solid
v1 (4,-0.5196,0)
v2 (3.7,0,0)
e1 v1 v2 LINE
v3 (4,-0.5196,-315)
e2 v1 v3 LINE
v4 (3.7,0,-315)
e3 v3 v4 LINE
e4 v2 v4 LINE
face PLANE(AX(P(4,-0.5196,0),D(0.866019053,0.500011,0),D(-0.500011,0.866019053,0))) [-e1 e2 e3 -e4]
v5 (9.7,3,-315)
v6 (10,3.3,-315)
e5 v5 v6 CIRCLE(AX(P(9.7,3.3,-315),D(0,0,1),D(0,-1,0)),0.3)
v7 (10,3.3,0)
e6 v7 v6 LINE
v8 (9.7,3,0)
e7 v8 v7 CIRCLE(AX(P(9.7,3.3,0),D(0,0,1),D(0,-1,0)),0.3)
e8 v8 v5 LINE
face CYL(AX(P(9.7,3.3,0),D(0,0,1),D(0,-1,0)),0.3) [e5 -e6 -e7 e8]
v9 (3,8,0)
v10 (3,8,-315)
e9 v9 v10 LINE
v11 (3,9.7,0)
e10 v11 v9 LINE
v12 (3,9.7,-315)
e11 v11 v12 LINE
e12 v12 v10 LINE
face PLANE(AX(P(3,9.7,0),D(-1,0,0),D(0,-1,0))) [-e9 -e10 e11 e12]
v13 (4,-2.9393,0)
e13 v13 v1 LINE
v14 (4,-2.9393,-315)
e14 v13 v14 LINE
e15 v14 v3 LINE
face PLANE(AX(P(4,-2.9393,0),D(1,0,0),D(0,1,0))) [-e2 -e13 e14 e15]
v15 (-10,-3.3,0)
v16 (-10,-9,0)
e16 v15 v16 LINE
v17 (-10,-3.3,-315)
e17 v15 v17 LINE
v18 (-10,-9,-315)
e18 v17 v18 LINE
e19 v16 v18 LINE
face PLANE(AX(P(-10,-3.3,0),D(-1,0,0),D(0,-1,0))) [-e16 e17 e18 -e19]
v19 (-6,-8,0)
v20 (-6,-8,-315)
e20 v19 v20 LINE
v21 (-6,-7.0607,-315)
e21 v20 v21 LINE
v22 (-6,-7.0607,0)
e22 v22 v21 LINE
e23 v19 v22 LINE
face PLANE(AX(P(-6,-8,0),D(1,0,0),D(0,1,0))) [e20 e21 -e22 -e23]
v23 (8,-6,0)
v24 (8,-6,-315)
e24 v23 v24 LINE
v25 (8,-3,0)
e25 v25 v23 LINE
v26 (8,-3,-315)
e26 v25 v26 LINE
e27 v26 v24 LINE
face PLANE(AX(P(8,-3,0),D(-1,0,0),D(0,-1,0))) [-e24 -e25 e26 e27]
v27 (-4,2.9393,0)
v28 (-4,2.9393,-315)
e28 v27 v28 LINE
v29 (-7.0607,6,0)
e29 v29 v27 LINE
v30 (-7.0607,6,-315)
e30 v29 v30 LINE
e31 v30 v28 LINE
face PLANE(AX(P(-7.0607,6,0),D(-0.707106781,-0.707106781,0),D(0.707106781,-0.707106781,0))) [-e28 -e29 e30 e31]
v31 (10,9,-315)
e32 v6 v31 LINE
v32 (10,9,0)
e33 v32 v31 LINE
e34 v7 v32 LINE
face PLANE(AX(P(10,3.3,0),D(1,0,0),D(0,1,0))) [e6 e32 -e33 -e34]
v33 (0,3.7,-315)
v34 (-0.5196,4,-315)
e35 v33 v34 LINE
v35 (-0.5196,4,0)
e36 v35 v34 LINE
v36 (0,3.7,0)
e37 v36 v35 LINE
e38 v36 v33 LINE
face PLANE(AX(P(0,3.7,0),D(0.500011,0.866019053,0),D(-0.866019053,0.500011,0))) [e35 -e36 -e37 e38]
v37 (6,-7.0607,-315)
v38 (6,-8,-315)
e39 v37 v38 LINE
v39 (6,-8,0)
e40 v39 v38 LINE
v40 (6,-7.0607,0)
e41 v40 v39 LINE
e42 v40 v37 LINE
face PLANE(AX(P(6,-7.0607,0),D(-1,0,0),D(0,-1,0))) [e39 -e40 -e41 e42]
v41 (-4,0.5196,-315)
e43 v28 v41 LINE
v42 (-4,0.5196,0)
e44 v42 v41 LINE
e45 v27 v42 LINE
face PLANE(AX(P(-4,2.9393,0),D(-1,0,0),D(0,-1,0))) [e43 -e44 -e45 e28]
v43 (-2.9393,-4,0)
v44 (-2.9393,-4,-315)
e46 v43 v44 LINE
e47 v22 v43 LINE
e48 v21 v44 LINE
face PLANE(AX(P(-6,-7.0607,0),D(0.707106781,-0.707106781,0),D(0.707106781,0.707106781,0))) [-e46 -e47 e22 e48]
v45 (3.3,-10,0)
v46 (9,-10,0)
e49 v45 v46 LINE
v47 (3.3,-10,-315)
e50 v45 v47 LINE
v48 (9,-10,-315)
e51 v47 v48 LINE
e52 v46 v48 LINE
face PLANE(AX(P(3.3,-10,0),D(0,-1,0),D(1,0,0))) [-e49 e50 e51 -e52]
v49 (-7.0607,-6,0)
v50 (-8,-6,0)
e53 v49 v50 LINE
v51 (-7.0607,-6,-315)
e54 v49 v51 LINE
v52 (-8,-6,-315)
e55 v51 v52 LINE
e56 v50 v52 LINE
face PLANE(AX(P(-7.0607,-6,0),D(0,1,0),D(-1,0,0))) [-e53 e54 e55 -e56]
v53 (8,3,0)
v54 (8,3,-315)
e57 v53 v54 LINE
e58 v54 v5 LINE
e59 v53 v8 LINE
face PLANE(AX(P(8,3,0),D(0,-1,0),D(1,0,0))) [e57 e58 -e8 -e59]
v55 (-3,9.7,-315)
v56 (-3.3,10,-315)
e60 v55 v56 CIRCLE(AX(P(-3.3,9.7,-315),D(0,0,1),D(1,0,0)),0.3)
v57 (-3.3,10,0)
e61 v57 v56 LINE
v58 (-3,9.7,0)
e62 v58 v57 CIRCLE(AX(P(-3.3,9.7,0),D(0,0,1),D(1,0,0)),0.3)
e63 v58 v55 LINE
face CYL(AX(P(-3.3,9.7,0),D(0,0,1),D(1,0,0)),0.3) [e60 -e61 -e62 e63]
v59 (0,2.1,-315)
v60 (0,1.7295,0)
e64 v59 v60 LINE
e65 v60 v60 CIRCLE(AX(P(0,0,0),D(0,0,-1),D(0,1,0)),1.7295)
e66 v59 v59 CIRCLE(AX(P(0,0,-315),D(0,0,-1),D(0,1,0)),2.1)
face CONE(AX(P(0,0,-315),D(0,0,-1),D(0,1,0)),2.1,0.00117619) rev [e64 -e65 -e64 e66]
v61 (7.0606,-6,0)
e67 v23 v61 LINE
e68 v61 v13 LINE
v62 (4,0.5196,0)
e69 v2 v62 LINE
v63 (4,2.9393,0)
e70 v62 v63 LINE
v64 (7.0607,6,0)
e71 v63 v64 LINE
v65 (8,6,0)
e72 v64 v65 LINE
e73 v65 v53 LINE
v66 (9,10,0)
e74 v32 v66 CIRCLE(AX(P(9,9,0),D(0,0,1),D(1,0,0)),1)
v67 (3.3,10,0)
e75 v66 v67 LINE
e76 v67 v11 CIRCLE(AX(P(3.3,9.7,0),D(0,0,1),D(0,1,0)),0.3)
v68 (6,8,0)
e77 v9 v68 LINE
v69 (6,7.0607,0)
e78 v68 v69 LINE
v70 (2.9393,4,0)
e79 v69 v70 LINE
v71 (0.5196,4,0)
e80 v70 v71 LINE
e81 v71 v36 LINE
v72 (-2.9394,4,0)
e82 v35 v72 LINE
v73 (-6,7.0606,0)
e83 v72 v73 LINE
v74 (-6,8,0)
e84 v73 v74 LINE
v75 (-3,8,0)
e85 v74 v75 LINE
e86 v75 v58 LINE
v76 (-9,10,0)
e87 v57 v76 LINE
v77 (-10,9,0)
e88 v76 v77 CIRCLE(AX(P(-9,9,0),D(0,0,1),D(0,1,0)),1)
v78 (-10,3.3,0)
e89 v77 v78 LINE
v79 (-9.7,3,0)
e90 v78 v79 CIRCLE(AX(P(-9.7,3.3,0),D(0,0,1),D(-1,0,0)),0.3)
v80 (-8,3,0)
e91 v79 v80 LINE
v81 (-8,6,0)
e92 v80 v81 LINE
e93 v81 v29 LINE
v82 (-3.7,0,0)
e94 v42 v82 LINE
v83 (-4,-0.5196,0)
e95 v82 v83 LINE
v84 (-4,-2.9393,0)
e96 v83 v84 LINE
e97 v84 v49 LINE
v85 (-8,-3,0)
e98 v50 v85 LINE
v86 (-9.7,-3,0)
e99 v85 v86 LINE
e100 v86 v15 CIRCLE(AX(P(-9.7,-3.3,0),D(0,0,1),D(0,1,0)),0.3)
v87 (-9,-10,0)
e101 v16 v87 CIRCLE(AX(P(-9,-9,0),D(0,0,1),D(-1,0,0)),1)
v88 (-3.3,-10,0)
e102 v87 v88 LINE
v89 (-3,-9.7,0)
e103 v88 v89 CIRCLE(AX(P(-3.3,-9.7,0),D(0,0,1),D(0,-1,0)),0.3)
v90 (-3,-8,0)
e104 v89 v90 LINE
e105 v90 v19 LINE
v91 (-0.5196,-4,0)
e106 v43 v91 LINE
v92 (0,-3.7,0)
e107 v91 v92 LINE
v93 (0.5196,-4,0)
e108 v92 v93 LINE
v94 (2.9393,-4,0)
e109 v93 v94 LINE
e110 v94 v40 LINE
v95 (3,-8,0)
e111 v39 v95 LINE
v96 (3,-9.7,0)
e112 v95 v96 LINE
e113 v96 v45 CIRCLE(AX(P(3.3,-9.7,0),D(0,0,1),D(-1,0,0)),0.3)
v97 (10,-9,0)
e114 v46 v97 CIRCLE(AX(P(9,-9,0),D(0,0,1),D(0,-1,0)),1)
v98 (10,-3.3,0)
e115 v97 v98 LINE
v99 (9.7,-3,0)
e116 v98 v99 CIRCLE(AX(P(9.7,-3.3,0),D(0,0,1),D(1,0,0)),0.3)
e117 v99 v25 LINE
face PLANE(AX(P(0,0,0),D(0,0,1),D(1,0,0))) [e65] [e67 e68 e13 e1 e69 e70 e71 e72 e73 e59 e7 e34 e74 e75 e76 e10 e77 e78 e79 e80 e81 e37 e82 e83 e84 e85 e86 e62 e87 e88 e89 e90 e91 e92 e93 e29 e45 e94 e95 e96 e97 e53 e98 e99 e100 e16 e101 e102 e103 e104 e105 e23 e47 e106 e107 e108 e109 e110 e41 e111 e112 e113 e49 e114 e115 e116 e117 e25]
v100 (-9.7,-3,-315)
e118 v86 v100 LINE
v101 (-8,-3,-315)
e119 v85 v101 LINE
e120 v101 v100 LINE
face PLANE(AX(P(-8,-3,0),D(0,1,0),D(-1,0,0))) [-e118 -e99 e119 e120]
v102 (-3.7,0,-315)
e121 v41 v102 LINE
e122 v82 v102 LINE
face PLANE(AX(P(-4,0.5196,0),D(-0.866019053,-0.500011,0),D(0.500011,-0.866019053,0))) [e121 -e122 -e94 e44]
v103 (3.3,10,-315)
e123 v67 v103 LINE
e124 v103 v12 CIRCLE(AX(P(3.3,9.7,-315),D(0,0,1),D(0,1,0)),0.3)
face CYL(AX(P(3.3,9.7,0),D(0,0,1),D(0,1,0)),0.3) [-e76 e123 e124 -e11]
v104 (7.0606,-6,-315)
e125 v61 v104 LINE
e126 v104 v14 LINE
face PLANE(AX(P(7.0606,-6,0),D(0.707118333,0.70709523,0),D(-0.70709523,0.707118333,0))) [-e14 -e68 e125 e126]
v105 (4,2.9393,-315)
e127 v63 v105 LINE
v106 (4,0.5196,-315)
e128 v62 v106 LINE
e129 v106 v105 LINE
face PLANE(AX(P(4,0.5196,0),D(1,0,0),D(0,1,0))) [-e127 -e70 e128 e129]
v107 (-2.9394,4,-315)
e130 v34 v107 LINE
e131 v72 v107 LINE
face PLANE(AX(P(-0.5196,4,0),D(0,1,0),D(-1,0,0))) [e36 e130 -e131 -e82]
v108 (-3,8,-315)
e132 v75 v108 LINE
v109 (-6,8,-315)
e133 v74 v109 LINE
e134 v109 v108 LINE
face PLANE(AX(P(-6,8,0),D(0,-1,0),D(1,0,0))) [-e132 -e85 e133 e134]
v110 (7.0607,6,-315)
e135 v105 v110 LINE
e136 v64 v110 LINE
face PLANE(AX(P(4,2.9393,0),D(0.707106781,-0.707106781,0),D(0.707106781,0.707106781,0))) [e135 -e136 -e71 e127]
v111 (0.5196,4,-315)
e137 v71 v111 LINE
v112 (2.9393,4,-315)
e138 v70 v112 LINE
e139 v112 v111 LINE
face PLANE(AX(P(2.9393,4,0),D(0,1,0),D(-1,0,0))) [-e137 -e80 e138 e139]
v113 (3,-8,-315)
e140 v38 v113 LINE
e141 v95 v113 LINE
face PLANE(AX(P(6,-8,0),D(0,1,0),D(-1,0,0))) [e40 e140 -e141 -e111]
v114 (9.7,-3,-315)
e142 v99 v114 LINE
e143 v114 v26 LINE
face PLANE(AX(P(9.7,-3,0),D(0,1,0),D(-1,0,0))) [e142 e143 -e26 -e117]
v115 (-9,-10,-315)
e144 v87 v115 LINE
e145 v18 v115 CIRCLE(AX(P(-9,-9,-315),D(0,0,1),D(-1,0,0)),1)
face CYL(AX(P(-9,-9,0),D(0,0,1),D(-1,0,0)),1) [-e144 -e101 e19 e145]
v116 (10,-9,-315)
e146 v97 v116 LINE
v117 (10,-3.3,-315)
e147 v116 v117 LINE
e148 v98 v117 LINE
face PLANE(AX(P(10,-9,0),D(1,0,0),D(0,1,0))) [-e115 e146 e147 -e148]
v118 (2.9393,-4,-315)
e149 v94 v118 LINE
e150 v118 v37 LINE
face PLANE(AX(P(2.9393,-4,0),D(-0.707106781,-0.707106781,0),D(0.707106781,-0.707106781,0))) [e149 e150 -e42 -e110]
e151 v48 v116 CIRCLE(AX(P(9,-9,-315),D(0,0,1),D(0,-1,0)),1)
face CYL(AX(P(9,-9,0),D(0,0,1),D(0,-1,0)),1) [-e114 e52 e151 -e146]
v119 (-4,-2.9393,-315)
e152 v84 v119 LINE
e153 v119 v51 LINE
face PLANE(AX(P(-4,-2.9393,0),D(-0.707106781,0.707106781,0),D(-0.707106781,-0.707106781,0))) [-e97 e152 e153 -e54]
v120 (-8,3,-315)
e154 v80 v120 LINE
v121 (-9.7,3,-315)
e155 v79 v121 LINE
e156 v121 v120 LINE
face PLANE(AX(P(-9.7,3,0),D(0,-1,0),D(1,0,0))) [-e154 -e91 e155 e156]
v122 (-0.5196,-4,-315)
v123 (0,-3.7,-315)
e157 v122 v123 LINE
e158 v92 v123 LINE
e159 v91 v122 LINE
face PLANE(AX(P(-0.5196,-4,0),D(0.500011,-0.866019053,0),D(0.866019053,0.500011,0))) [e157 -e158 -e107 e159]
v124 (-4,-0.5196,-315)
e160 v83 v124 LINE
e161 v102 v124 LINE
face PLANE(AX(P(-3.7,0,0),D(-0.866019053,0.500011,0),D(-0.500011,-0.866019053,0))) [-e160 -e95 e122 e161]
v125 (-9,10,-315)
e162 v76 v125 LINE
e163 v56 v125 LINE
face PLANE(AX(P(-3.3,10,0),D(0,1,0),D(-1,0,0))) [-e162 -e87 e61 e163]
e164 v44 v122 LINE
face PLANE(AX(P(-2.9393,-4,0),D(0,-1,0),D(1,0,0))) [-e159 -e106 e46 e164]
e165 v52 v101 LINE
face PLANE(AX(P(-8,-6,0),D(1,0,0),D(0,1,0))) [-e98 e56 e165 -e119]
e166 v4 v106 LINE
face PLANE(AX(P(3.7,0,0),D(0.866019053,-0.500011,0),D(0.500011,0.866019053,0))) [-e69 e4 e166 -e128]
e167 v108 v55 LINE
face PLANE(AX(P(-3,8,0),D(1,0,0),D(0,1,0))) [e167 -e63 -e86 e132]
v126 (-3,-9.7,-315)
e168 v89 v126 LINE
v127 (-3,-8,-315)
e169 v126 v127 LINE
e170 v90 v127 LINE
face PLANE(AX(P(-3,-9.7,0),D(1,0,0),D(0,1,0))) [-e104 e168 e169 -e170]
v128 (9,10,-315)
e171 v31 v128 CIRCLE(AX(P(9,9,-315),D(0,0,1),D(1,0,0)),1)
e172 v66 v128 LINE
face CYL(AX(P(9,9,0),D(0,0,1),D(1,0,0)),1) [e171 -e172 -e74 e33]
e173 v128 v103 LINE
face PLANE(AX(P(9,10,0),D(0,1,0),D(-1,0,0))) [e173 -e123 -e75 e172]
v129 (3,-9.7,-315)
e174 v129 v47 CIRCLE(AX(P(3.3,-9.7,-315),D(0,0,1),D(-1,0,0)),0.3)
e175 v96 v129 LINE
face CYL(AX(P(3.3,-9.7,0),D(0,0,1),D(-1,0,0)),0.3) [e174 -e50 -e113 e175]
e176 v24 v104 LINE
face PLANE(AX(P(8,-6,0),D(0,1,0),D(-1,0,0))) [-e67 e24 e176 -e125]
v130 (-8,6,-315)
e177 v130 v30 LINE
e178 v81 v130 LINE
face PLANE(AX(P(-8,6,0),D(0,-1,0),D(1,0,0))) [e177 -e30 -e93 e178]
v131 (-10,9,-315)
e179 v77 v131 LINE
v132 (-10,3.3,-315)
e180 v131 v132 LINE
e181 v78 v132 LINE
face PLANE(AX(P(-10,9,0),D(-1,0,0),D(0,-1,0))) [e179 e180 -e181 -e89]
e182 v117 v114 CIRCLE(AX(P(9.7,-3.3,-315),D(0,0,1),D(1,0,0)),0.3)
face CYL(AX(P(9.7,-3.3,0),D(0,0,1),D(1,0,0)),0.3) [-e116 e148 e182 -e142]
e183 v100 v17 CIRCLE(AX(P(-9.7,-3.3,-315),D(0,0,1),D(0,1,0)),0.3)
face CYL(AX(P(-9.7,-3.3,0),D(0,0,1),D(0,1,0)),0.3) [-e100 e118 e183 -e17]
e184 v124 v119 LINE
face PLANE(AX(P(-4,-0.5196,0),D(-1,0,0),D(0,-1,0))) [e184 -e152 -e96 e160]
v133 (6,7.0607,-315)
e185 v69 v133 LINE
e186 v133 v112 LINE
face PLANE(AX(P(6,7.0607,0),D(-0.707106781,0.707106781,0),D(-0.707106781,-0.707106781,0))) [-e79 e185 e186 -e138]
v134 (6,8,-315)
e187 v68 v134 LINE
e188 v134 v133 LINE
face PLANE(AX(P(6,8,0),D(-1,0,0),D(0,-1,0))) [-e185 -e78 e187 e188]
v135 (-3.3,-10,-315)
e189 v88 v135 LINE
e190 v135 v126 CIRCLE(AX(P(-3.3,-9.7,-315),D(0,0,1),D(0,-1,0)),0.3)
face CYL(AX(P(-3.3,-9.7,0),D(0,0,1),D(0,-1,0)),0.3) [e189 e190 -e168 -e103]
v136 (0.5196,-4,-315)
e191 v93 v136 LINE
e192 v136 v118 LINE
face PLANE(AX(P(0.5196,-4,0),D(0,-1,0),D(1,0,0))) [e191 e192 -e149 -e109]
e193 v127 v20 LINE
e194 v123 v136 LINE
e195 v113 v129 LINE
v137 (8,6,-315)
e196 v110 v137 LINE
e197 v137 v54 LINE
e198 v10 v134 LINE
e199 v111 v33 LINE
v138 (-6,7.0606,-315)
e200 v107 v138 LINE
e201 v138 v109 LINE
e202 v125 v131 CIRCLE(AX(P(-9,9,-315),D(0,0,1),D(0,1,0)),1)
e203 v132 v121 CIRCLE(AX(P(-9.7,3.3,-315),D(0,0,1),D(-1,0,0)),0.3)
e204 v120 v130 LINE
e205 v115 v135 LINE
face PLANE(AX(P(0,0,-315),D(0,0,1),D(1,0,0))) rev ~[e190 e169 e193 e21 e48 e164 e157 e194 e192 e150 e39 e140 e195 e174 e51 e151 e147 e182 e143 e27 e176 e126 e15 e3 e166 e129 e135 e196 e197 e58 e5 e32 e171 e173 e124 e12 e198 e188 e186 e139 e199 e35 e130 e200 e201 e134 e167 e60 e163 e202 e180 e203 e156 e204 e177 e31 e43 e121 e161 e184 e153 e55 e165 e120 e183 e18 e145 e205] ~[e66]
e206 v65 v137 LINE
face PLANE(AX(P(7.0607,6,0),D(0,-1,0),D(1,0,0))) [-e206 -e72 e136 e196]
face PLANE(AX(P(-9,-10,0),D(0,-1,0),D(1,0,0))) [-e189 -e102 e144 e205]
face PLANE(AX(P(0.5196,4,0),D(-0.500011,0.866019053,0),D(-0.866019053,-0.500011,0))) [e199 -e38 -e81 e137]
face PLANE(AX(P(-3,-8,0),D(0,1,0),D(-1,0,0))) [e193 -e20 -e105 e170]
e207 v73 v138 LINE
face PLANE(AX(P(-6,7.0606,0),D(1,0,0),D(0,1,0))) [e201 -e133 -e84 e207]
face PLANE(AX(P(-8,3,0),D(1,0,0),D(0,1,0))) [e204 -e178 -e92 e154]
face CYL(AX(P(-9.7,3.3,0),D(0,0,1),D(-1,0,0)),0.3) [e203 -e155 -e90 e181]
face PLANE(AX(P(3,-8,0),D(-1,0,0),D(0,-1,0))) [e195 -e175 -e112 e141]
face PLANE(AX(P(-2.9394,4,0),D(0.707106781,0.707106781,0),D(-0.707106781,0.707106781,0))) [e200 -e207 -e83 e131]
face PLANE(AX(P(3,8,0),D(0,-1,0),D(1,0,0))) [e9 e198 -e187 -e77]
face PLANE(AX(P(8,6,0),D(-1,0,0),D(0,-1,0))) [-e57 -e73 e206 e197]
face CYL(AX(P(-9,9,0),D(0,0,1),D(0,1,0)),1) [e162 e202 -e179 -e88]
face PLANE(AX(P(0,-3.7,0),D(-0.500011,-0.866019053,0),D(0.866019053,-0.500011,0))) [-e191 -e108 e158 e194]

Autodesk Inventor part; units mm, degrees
sketch "Sketch_1" plane through (0, 0, 0) normal (0, 0, 1) x (1, 0, 0)
  line L0 (-10, 9) -> (-10, 3.3)
  arc A0 (-10, 3.3) -> (-9.7, 3) centre (-9.7, 3.3) ccw
  line L1 (-9.7, 3) -> (-8, 3)
  line L2 (-8, 3) -> (-8, 6)
  line L3 (-8, 6) -> (-7.0607, 6)
  line L4 (-7.0607, 6) -> (-4, 2.9393)
  line L5 (-4, 2.9393) -> (-4, 0.5196)
  line L6 (-4, 0.5196) -> (-3.7, 0)
  line L7 (-3.7, 0) -> (-4, -0.5196)
  line L8 (-4, -0.5196) -> (-4, -2.9393)
  line L9 (-4, -2.9393) -> (-7.0607, -6)
  line L10 (-7.0607, -6) -> (-8, -6)
  line L11 (-8, -6) -> (-8, -3)
  line L12 (-8, -3) -> (-9.7, -3)
  arc A1 (-9.7, -3) -> (-10, -3.3) centre (-9.7, -3.3) ccw
  line L13 (-10, -3.3) -> (-10, -9)
  arc A2 (-10, -9) -> (-9, -10) centre (-9, -9) ccw
  line L14 (-9, -10) -> (-3.3, -10)
  arc A3 (-3.3, -10) -> (-3, -9.7) centre (-3.3, -9.7) ccw
  line L15 (-3, -9.7) -> (-3, -8)
  line L16 (-3, -8) -> (-6, -8)
  line L17 (-6, -8) -> (-6, -7.0607)
  line L18 (-6, -7.0607) -> (-2.9393, -4)
  line L19 (-2.9393, -4) -> (-0.5196, -4)
  line L20 (-0.5196, -4) -> (0, -3.7)
  line L21 (0, -3.7) -> (0.5196, -4)
  line L22 (0.5196, -4) -> (2.9393, -4)
  line L23 (2.9393, -4) -> (6, -7.0607)
  line L24 (6, -7.0607) -> (6, -8)
  line L25 (6, -8) -> (3, -8)
  line L26 (3, -8) -> (3, -9.7)
  arc A4 (3, -9.7) -> (3.3, -10) centre (3.3, -9.7) ccw
  line L27 (3.3, -10) -> (9, -10)
  arc A5 (9, -10) -> (10, -9) centre (9, -9) ccw
  line L28 (10, -9) -> (10, -3.3)
  arc A6 (10, -3.3) -> (9.7, -3) centre (9.7, -3.3) ccw
  line L29 (9.7, -3) -> (8, -3)
  line L30 (8, -3) -> (8, -6)
  line L31 (8, -6) -> (7.0606, -6)
  line L32 (7.0606, -6) -> (4, -2.9393)
  line L33 (4, -2.9393) -> (4, -0.5196)
  line L34 (4, -0.5196) -> (3.7, 0)
  line L35 (3.7, 0) -> (4, 0.5196)
  line L36 (4, 0.5196) -> (4, 2.9393)
  line L37 (4, 2.9393) -> (7.0607, 6)
  line L38 (7.0607, 6) -> (8, 6)
  line L39 (8, 6) -> (8, 3)
  line L40 (8, 3) -> (9.7, 3)
  arc A7 (9.7, 3) -> (10, 3.3) centre (9.7, 3.3) ccw
  line L41 (10, 3.3) -> (10, 9)
  arc A8 (10, 9) -> (9, 10) centre (9, 9) ccw
  line L42 (9, 10) -> (3.3, 10)
  arc A9 (3.3, 10) -> (3, 9.7) centre (3.3, 9.7) ccw
  line L43 (3, 9.7) -> (3, 8)
  line L44 (3, 8) -> (6, 8)
  line L45 (6, 8) -> (6, 7.0607)
  line L46 (6, 7.0607) -> (2.9393, 4)
  line L47 (2.9393, 4) -> (0.5196, 4)
  line L48 (0.5196, 4) -> (0, 3.7)
  line L49 (0, 3.7) -> (-0.5196, 4)
  line L50 (-0.5196, 4) -> (-2.9394, 4)
  line L51 (-2.9394, 4) -> (-6, 7.0606)
  line L52 (-6, 7.0606) -> (-6, 8)
  line L53 (-6, 8) -> (-3, 8)
  line L54 (-3, 8) -> (-3, 9.7)
  arc A10 (-3, 9.7) -> (-3.3, 10) centre (-3.3, 9.7) ccw
  line L55 (-3.3, 10) -> (-9, 10)
  arc A11 (-9, 10) -> (-10, 9) centre (-9, 9) ccw
extrude "Extrusion1" add sketch "Sketch_1" against normal blind 315
sketch "Sketch_2" plane through (0, 0, 0) normal (1, 0, 0) x (0, 0, -1)
  line L0 (315, -2.9393) -> (315, -0.5196) projected
  line L1 (0, 0.5196) -> (0, 2.9393) projected
  line L2 (0, 0) -> (0, 0.5196) projected
  line L3 (0, 0) -> (315, 0)
  line L4 (315, 0) -> (315, 2.1)
  line L5 (315, 0.5196) -> (315, 2.9393) projected
  line L6 (315, 2.1) -> (0, 1.7295)
  line L7 (0, 1.7295) -> (0, 0)
  dimension "d3" = 2.1
ref_plane "C1_XY" through (0, 0, 0) normal (0, 0, 1) x (1, 0, 0)
ref_plane "C1_YZ" through (0, 0, 0) normal (1, 0, 0) x (0, 1, 0)
ref_plane "C1_ZX" through (0, 0, 0) normal (0, 1, 0) x (0, 0, 1)
revolve "Revolution2" cut sketch "Sketch_2" angle 360 about axis through (0, 0, 0) along (0, 0, -1)
properties part number "FrameExtruderVerticalSupport" material "Aluminum 6061"
